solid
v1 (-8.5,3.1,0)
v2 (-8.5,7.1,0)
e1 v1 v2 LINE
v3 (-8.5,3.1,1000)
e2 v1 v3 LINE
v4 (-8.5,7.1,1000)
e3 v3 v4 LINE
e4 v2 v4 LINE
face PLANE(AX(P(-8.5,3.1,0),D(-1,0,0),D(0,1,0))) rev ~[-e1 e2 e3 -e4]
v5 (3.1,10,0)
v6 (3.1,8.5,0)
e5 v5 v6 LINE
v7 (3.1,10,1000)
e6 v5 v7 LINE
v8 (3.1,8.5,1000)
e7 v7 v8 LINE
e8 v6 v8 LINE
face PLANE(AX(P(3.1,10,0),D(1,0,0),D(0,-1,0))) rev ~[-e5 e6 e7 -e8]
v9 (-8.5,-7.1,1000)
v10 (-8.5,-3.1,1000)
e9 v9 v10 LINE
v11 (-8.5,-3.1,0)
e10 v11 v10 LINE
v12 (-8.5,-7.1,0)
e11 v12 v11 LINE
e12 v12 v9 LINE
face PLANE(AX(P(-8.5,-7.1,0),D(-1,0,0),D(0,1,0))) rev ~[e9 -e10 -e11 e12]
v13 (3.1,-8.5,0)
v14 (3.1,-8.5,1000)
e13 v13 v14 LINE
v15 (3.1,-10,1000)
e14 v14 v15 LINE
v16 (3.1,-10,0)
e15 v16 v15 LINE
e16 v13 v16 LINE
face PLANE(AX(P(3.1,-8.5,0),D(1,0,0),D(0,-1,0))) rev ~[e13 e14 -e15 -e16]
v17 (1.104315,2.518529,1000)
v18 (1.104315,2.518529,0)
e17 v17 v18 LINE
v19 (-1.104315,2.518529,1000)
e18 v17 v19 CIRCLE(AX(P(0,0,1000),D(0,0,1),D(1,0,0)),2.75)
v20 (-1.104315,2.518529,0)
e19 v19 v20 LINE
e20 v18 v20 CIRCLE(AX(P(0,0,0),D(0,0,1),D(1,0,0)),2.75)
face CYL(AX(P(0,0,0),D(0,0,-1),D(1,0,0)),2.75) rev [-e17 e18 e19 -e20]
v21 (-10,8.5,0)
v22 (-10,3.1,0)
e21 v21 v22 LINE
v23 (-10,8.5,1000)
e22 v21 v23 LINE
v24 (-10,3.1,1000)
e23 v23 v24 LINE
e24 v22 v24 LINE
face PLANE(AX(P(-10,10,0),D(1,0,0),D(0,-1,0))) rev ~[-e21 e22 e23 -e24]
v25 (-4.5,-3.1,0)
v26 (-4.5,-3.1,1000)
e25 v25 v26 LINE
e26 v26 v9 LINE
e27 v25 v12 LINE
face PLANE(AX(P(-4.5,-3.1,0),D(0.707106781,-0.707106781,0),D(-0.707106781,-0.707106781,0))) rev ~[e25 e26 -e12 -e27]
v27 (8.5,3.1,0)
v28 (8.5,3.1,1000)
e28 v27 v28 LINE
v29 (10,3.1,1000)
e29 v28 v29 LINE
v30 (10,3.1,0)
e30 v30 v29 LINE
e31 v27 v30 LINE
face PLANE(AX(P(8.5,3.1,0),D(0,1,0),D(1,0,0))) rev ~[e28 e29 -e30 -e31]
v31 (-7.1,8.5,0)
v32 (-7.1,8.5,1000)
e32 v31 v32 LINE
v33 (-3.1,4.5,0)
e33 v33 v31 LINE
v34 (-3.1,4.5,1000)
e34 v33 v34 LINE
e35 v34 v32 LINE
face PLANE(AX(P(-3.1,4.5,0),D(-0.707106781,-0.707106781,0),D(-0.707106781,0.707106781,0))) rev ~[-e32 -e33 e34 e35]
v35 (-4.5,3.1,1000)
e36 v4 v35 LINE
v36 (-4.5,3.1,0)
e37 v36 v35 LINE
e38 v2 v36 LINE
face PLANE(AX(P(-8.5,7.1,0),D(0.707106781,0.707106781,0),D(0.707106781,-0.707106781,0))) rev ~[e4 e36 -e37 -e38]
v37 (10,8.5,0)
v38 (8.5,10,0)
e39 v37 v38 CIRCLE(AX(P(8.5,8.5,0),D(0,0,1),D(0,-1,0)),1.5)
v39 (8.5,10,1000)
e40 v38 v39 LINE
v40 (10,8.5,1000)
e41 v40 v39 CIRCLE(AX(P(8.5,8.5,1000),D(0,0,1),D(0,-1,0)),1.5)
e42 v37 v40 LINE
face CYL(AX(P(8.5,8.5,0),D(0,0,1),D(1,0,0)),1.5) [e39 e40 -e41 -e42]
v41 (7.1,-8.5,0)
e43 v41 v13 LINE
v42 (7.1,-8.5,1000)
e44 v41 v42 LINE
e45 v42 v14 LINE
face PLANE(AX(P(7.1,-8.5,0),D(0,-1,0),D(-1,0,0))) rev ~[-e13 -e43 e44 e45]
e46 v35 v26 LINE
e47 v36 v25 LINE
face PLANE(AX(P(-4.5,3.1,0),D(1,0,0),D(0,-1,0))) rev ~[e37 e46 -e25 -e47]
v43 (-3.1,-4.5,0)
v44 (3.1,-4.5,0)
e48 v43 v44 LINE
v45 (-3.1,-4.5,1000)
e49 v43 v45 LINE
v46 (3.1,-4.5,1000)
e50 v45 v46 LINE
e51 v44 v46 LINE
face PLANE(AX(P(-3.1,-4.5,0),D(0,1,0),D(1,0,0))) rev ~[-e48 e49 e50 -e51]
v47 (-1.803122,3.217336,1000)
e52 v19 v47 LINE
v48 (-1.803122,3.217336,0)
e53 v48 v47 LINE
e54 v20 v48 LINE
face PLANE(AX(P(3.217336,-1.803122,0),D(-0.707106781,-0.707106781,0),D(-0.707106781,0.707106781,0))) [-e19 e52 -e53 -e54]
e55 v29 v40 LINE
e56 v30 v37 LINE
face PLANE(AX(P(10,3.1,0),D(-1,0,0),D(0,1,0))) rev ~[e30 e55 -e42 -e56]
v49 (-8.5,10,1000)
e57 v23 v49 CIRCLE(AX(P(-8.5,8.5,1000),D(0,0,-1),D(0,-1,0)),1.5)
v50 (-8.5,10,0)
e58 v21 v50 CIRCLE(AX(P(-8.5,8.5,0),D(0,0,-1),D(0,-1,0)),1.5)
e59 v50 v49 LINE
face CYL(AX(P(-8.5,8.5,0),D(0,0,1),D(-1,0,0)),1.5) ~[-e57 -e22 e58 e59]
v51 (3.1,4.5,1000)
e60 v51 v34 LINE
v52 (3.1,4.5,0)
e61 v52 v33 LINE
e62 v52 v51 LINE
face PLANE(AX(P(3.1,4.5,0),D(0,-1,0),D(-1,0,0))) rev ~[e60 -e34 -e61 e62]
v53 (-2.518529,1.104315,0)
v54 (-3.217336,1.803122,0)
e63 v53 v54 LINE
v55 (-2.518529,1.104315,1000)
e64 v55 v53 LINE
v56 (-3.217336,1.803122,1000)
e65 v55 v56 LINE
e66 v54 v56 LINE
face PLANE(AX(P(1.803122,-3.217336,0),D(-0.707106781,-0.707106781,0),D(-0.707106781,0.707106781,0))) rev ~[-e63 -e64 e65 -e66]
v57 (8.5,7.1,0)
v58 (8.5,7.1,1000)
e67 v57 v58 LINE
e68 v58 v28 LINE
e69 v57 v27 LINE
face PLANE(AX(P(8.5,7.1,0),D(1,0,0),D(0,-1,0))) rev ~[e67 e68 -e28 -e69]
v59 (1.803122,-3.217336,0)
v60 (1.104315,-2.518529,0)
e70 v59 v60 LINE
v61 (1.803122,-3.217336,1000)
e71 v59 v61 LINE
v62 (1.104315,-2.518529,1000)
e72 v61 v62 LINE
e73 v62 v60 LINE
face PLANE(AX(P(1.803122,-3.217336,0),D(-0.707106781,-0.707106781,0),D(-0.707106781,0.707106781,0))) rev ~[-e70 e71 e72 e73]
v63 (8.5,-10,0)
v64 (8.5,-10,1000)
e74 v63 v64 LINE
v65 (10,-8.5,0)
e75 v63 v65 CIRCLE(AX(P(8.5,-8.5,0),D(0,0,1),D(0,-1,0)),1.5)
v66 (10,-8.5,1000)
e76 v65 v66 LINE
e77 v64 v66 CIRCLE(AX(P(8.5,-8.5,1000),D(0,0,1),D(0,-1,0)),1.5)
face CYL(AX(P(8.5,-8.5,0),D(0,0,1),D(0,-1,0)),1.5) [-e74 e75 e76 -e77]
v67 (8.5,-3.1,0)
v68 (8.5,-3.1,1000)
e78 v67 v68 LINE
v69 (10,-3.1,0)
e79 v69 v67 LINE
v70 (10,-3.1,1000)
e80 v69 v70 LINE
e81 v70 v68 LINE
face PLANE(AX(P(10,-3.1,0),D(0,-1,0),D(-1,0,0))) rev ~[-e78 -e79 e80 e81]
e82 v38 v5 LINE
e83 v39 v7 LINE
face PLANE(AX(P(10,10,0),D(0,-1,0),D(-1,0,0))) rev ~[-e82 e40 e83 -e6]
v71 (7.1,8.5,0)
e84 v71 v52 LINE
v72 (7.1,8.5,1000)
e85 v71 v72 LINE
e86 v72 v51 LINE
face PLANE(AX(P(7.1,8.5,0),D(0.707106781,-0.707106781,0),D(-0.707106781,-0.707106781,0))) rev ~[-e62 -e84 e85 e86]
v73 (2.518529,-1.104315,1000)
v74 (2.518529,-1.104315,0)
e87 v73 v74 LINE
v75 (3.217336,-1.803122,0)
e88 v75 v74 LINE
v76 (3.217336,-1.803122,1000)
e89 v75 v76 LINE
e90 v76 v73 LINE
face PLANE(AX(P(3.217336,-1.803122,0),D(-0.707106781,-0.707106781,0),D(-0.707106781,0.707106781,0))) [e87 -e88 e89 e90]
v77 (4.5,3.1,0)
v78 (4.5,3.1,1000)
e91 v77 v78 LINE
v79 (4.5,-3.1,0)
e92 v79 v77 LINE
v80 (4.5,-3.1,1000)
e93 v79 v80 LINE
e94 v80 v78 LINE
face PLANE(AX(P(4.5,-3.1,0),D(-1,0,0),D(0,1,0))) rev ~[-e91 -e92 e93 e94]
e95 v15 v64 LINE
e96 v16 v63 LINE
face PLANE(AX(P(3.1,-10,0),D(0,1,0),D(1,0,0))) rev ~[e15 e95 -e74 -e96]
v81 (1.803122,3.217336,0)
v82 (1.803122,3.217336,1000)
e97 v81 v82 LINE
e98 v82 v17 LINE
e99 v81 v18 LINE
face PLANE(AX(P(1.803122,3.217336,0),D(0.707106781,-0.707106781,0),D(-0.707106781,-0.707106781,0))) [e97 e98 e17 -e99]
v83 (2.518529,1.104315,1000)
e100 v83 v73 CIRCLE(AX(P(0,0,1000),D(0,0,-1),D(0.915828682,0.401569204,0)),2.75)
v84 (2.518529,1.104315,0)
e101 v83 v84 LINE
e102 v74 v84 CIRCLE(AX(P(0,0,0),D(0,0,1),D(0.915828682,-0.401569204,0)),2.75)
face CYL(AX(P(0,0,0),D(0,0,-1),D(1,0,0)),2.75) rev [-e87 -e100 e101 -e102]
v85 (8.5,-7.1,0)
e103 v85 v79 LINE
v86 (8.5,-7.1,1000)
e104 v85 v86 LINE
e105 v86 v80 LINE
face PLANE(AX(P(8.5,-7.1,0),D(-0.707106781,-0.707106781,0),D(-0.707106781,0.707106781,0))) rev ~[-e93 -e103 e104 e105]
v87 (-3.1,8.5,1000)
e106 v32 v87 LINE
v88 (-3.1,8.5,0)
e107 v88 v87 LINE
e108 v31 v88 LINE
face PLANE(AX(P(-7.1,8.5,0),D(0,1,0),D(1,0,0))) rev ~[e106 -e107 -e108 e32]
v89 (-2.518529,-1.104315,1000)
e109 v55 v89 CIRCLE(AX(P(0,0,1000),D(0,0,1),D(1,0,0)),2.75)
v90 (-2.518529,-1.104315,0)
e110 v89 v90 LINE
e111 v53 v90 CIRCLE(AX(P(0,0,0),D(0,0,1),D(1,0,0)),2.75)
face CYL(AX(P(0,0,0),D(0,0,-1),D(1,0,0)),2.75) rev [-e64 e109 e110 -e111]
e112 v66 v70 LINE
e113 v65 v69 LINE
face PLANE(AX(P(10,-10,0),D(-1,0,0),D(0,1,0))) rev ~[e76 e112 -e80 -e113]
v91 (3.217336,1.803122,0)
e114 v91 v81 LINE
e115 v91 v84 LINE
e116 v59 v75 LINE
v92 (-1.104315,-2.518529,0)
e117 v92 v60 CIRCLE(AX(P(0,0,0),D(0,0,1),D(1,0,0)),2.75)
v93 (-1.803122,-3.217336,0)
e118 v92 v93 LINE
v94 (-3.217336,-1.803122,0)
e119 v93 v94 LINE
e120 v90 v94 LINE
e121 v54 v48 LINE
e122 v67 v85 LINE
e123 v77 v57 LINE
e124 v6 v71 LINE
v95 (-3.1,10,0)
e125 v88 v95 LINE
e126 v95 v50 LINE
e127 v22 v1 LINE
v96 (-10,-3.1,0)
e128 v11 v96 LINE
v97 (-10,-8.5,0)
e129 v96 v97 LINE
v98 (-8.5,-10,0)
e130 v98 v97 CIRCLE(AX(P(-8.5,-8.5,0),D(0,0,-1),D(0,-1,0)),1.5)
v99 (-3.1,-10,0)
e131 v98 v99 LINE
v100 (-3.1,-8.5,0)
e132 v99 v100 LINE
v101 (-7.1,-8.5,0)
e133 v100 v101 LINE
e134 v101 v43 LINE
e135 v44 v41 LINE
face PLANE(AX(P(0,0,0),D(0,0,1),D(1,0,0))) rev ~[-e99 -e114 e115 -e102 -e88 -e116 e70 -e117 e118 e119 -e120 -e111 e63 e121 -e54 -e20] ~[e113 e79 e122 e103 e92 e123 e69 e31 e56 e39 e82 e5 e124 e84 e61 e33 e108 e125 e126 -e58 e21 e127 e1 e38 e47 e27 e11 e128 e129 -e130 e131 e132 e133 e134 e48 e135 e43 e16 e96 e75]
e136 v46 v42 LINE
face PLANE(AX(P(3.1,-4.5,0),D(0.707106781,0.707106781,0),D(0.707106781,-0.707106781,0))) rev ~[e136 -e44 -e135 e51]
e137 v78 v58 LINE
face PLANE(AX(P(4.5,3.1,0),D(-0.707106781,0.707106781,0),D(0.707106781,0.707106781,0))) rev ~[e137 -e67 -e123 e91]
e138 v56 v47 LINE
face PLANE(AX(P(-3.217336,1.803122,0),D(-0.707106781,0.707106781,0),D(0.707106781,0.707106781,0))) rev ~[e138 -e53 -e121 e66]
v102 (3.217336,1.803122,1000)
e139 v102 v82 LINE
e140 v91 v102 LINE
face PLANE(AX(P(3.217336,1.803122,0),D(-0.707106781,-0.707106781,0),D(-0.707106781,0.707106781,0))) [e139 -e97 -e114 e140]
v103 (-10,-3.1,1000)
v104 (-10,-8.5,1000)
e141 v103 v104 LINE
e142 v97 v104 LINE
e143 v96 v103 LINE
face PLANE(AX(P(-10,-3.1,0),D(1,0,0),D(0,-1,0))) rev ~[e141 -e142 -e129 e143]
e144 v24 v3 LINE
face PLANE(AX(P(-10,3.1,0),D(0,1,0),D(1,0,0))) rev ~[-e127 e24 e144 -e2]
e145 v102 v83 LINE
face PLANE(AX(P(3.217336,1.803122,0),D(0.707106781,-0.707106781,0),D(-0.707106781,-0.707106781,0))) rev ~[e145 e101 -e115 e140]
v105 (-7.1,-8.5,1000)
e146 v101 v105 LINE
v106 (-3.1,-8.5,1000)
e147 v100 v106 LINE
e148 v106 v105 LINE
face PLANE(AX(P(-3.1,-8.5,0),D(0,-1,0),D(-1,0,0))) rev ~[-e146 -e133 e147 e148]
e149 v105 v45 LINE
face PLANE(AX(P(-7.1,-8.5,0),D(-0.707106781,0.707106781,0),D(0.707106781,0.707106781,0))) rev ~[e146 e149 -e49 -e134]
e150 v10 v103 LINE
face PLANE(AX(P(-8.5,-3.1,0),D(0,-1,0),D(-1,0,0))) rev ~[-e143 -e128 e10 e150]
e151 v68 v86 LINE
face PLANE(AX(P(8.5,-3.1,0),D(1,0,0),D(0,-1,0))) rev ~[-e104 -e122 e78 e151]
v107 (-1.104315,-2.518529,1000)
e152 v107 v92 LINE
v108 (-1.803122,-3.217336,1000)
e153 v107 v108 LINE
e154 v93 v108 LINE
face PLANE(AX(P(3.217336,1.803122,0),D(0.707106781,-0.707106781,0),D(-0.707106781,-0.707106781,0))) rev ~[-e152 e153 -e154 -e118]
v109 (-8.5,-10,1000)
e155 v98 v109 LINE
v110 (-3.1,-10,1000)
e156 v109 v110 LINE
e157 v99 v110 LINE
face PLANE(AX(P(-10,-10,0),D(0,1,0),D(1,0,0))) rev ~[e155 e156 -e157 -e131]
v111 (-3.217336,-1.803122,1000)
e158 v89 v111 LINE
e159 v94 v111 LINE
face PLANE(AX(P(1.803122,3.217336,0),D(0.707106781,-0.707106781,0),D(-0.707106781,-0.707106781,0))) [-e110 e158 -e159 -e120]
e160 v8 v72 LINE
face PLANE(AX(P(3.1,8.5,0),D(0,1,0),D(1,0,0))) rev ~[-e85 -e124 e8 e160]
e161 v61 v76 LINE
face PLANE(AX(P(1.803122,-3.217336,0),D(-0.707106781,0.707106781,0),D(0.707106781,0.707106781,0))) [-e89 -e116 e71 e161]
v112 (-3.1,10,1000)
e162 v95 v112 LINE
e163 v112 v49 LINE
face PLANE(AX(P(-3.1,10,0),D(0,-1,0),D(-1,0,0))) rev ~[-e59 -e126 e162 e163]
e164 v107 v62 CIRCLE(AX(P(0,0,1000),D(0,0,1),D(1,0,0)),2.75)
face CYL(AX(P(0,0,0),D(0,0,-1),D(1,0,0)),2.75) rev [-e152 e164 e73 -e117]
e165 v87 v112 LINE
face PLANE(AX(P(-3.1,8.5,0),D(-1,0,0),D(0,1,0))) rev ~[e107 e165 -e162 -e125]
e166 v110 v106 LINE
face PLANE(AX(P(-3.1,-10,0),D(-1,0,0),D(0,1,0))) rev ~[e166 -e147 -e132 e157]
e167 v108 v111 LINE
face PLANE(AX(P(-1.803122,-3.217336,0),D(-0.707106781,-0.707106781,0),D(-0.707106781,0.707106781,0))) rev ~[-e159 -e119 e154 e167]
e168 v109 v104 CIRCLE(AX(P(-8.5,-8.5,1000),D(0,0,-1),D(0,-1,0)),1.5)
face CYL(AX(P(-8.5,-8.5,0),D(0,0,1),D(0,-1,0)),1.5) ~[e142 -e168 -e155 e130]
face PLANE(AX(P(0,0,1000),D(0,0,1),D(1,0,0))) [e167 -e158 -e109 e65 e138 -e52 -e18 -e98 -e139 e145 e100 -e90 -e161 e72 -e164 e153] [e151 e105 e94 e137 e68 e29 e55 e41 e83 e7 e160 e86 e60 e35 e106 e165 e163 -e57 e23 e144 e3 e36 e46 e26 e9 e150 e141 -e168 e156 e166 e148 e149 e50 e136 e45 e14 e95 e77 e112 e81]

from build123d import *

# Parameters (mm, degrees)
CYLINDER_R             = 2.75
CYLINDER_DEPTH         = 1000
BOX_W                  = 2
BOX_H                  = 7.1
BOX_DEPTH              = 1000
BOX001_W               = 2
BOX001_H               = 7.1
BOX001_DEPTH           = 1000
FUSION_PLACEMENT_ANGLE = 45
PAD_DEPTH              = 1000
FILLET_R               = 1.5


with BuildPart() as cylinder:
    # Cylinder → Cylinder (new body)
    with BuildSketch(Plane.XY):
        Circle(CYLINDER_R)
    extrude(amount=CYLINDER_DEPTH)


with BuildPart() as cube:
    # Box → Box (new body)
    with BuildSketch(Plane(origin=(-1, -3.55, 0), x_dir=(1, 0, 0), z_dir=(0, 0, 1))):
        with Locations((1, 3.55)):
            Rectangle(BOX_W, BOX_H)
    extrude(amount=BOX_DEPTH)


with BuildPart() as fusion001:
    # Box001 → Box001 (new body)
    with BuildSketch(Plane(origin=(3.55, -1, 0), x_dir=(0, 1, 0), z_dir=(0, 0, 1))):
        with Locations((1, 3.55)):
            Rectangle(BOX001_W, BOX001_H)
    extrude(amount=BOX001_DEPTH)

    # Fusion: union Cube
    add(cube.part)


with BuildPart() as fusion001_1:
    # Fusion placement: moved
    add(fusion001.part.rotate(Axis((0, 0, 0), (0, 0, 1)), FUSION_PLACEMENT_ANGLE))

    # Fusion001: union Cylinder
    add(cylinder.part)


with BuildPart() as typeb_20x20_4open:
    # Sketch → Pad (new body)
    with BuildSketch(Plane.XY):
        Polygon((-10, -10), (-3.1, -10), (-3.1, -8.5), (-7.1, -8.5), (-3.1, -4.5), (3.1, -4.5), (7.1, -8.5), (3.1, -8.5), (3.1, -10), (10, -10), (10, -3.1), (8.5, -3.1), (8.5, -7.1), (4.5, -3.1), (4.5, 3.1), (8.5, 7.1), (8.5, 3.1), (10, 3.1), (10, 10), (3.1, 10), (3.1, 8.5), (7.1, 8.5), (3.1, 4.5), (-3.1, 4.5), (-7.1, 8.5), (-3.1, 8.5), (-3.1, 10), (-10, 10), (-10, 3.1), (-8.5, 3.1), (-8.5, 7.1), (-4.5, 3.1), (-4.5, -3.1), (-8.5, -7.1), (-8.5, -3.1), (-10, -3.1), align=None)
    extrude(amount=PAD_DEPTH)

    # Cut: cut Fusion001
    add(fusion001_1.part, mode=Mode.SUBTRACT)

    # Fillet
    fillet_edges = [typeb_20x20_4open.edges().sort_by_distance(p)[0] for p in [
        (10, -10, 500),
        (-10, -10, 500),
        (10, 10, 500),
        (-10, 10, 500),
    ]]
    fillet(fillet_edges, radius=FILLET_R)


solid = typeb_20x20_4open.part
